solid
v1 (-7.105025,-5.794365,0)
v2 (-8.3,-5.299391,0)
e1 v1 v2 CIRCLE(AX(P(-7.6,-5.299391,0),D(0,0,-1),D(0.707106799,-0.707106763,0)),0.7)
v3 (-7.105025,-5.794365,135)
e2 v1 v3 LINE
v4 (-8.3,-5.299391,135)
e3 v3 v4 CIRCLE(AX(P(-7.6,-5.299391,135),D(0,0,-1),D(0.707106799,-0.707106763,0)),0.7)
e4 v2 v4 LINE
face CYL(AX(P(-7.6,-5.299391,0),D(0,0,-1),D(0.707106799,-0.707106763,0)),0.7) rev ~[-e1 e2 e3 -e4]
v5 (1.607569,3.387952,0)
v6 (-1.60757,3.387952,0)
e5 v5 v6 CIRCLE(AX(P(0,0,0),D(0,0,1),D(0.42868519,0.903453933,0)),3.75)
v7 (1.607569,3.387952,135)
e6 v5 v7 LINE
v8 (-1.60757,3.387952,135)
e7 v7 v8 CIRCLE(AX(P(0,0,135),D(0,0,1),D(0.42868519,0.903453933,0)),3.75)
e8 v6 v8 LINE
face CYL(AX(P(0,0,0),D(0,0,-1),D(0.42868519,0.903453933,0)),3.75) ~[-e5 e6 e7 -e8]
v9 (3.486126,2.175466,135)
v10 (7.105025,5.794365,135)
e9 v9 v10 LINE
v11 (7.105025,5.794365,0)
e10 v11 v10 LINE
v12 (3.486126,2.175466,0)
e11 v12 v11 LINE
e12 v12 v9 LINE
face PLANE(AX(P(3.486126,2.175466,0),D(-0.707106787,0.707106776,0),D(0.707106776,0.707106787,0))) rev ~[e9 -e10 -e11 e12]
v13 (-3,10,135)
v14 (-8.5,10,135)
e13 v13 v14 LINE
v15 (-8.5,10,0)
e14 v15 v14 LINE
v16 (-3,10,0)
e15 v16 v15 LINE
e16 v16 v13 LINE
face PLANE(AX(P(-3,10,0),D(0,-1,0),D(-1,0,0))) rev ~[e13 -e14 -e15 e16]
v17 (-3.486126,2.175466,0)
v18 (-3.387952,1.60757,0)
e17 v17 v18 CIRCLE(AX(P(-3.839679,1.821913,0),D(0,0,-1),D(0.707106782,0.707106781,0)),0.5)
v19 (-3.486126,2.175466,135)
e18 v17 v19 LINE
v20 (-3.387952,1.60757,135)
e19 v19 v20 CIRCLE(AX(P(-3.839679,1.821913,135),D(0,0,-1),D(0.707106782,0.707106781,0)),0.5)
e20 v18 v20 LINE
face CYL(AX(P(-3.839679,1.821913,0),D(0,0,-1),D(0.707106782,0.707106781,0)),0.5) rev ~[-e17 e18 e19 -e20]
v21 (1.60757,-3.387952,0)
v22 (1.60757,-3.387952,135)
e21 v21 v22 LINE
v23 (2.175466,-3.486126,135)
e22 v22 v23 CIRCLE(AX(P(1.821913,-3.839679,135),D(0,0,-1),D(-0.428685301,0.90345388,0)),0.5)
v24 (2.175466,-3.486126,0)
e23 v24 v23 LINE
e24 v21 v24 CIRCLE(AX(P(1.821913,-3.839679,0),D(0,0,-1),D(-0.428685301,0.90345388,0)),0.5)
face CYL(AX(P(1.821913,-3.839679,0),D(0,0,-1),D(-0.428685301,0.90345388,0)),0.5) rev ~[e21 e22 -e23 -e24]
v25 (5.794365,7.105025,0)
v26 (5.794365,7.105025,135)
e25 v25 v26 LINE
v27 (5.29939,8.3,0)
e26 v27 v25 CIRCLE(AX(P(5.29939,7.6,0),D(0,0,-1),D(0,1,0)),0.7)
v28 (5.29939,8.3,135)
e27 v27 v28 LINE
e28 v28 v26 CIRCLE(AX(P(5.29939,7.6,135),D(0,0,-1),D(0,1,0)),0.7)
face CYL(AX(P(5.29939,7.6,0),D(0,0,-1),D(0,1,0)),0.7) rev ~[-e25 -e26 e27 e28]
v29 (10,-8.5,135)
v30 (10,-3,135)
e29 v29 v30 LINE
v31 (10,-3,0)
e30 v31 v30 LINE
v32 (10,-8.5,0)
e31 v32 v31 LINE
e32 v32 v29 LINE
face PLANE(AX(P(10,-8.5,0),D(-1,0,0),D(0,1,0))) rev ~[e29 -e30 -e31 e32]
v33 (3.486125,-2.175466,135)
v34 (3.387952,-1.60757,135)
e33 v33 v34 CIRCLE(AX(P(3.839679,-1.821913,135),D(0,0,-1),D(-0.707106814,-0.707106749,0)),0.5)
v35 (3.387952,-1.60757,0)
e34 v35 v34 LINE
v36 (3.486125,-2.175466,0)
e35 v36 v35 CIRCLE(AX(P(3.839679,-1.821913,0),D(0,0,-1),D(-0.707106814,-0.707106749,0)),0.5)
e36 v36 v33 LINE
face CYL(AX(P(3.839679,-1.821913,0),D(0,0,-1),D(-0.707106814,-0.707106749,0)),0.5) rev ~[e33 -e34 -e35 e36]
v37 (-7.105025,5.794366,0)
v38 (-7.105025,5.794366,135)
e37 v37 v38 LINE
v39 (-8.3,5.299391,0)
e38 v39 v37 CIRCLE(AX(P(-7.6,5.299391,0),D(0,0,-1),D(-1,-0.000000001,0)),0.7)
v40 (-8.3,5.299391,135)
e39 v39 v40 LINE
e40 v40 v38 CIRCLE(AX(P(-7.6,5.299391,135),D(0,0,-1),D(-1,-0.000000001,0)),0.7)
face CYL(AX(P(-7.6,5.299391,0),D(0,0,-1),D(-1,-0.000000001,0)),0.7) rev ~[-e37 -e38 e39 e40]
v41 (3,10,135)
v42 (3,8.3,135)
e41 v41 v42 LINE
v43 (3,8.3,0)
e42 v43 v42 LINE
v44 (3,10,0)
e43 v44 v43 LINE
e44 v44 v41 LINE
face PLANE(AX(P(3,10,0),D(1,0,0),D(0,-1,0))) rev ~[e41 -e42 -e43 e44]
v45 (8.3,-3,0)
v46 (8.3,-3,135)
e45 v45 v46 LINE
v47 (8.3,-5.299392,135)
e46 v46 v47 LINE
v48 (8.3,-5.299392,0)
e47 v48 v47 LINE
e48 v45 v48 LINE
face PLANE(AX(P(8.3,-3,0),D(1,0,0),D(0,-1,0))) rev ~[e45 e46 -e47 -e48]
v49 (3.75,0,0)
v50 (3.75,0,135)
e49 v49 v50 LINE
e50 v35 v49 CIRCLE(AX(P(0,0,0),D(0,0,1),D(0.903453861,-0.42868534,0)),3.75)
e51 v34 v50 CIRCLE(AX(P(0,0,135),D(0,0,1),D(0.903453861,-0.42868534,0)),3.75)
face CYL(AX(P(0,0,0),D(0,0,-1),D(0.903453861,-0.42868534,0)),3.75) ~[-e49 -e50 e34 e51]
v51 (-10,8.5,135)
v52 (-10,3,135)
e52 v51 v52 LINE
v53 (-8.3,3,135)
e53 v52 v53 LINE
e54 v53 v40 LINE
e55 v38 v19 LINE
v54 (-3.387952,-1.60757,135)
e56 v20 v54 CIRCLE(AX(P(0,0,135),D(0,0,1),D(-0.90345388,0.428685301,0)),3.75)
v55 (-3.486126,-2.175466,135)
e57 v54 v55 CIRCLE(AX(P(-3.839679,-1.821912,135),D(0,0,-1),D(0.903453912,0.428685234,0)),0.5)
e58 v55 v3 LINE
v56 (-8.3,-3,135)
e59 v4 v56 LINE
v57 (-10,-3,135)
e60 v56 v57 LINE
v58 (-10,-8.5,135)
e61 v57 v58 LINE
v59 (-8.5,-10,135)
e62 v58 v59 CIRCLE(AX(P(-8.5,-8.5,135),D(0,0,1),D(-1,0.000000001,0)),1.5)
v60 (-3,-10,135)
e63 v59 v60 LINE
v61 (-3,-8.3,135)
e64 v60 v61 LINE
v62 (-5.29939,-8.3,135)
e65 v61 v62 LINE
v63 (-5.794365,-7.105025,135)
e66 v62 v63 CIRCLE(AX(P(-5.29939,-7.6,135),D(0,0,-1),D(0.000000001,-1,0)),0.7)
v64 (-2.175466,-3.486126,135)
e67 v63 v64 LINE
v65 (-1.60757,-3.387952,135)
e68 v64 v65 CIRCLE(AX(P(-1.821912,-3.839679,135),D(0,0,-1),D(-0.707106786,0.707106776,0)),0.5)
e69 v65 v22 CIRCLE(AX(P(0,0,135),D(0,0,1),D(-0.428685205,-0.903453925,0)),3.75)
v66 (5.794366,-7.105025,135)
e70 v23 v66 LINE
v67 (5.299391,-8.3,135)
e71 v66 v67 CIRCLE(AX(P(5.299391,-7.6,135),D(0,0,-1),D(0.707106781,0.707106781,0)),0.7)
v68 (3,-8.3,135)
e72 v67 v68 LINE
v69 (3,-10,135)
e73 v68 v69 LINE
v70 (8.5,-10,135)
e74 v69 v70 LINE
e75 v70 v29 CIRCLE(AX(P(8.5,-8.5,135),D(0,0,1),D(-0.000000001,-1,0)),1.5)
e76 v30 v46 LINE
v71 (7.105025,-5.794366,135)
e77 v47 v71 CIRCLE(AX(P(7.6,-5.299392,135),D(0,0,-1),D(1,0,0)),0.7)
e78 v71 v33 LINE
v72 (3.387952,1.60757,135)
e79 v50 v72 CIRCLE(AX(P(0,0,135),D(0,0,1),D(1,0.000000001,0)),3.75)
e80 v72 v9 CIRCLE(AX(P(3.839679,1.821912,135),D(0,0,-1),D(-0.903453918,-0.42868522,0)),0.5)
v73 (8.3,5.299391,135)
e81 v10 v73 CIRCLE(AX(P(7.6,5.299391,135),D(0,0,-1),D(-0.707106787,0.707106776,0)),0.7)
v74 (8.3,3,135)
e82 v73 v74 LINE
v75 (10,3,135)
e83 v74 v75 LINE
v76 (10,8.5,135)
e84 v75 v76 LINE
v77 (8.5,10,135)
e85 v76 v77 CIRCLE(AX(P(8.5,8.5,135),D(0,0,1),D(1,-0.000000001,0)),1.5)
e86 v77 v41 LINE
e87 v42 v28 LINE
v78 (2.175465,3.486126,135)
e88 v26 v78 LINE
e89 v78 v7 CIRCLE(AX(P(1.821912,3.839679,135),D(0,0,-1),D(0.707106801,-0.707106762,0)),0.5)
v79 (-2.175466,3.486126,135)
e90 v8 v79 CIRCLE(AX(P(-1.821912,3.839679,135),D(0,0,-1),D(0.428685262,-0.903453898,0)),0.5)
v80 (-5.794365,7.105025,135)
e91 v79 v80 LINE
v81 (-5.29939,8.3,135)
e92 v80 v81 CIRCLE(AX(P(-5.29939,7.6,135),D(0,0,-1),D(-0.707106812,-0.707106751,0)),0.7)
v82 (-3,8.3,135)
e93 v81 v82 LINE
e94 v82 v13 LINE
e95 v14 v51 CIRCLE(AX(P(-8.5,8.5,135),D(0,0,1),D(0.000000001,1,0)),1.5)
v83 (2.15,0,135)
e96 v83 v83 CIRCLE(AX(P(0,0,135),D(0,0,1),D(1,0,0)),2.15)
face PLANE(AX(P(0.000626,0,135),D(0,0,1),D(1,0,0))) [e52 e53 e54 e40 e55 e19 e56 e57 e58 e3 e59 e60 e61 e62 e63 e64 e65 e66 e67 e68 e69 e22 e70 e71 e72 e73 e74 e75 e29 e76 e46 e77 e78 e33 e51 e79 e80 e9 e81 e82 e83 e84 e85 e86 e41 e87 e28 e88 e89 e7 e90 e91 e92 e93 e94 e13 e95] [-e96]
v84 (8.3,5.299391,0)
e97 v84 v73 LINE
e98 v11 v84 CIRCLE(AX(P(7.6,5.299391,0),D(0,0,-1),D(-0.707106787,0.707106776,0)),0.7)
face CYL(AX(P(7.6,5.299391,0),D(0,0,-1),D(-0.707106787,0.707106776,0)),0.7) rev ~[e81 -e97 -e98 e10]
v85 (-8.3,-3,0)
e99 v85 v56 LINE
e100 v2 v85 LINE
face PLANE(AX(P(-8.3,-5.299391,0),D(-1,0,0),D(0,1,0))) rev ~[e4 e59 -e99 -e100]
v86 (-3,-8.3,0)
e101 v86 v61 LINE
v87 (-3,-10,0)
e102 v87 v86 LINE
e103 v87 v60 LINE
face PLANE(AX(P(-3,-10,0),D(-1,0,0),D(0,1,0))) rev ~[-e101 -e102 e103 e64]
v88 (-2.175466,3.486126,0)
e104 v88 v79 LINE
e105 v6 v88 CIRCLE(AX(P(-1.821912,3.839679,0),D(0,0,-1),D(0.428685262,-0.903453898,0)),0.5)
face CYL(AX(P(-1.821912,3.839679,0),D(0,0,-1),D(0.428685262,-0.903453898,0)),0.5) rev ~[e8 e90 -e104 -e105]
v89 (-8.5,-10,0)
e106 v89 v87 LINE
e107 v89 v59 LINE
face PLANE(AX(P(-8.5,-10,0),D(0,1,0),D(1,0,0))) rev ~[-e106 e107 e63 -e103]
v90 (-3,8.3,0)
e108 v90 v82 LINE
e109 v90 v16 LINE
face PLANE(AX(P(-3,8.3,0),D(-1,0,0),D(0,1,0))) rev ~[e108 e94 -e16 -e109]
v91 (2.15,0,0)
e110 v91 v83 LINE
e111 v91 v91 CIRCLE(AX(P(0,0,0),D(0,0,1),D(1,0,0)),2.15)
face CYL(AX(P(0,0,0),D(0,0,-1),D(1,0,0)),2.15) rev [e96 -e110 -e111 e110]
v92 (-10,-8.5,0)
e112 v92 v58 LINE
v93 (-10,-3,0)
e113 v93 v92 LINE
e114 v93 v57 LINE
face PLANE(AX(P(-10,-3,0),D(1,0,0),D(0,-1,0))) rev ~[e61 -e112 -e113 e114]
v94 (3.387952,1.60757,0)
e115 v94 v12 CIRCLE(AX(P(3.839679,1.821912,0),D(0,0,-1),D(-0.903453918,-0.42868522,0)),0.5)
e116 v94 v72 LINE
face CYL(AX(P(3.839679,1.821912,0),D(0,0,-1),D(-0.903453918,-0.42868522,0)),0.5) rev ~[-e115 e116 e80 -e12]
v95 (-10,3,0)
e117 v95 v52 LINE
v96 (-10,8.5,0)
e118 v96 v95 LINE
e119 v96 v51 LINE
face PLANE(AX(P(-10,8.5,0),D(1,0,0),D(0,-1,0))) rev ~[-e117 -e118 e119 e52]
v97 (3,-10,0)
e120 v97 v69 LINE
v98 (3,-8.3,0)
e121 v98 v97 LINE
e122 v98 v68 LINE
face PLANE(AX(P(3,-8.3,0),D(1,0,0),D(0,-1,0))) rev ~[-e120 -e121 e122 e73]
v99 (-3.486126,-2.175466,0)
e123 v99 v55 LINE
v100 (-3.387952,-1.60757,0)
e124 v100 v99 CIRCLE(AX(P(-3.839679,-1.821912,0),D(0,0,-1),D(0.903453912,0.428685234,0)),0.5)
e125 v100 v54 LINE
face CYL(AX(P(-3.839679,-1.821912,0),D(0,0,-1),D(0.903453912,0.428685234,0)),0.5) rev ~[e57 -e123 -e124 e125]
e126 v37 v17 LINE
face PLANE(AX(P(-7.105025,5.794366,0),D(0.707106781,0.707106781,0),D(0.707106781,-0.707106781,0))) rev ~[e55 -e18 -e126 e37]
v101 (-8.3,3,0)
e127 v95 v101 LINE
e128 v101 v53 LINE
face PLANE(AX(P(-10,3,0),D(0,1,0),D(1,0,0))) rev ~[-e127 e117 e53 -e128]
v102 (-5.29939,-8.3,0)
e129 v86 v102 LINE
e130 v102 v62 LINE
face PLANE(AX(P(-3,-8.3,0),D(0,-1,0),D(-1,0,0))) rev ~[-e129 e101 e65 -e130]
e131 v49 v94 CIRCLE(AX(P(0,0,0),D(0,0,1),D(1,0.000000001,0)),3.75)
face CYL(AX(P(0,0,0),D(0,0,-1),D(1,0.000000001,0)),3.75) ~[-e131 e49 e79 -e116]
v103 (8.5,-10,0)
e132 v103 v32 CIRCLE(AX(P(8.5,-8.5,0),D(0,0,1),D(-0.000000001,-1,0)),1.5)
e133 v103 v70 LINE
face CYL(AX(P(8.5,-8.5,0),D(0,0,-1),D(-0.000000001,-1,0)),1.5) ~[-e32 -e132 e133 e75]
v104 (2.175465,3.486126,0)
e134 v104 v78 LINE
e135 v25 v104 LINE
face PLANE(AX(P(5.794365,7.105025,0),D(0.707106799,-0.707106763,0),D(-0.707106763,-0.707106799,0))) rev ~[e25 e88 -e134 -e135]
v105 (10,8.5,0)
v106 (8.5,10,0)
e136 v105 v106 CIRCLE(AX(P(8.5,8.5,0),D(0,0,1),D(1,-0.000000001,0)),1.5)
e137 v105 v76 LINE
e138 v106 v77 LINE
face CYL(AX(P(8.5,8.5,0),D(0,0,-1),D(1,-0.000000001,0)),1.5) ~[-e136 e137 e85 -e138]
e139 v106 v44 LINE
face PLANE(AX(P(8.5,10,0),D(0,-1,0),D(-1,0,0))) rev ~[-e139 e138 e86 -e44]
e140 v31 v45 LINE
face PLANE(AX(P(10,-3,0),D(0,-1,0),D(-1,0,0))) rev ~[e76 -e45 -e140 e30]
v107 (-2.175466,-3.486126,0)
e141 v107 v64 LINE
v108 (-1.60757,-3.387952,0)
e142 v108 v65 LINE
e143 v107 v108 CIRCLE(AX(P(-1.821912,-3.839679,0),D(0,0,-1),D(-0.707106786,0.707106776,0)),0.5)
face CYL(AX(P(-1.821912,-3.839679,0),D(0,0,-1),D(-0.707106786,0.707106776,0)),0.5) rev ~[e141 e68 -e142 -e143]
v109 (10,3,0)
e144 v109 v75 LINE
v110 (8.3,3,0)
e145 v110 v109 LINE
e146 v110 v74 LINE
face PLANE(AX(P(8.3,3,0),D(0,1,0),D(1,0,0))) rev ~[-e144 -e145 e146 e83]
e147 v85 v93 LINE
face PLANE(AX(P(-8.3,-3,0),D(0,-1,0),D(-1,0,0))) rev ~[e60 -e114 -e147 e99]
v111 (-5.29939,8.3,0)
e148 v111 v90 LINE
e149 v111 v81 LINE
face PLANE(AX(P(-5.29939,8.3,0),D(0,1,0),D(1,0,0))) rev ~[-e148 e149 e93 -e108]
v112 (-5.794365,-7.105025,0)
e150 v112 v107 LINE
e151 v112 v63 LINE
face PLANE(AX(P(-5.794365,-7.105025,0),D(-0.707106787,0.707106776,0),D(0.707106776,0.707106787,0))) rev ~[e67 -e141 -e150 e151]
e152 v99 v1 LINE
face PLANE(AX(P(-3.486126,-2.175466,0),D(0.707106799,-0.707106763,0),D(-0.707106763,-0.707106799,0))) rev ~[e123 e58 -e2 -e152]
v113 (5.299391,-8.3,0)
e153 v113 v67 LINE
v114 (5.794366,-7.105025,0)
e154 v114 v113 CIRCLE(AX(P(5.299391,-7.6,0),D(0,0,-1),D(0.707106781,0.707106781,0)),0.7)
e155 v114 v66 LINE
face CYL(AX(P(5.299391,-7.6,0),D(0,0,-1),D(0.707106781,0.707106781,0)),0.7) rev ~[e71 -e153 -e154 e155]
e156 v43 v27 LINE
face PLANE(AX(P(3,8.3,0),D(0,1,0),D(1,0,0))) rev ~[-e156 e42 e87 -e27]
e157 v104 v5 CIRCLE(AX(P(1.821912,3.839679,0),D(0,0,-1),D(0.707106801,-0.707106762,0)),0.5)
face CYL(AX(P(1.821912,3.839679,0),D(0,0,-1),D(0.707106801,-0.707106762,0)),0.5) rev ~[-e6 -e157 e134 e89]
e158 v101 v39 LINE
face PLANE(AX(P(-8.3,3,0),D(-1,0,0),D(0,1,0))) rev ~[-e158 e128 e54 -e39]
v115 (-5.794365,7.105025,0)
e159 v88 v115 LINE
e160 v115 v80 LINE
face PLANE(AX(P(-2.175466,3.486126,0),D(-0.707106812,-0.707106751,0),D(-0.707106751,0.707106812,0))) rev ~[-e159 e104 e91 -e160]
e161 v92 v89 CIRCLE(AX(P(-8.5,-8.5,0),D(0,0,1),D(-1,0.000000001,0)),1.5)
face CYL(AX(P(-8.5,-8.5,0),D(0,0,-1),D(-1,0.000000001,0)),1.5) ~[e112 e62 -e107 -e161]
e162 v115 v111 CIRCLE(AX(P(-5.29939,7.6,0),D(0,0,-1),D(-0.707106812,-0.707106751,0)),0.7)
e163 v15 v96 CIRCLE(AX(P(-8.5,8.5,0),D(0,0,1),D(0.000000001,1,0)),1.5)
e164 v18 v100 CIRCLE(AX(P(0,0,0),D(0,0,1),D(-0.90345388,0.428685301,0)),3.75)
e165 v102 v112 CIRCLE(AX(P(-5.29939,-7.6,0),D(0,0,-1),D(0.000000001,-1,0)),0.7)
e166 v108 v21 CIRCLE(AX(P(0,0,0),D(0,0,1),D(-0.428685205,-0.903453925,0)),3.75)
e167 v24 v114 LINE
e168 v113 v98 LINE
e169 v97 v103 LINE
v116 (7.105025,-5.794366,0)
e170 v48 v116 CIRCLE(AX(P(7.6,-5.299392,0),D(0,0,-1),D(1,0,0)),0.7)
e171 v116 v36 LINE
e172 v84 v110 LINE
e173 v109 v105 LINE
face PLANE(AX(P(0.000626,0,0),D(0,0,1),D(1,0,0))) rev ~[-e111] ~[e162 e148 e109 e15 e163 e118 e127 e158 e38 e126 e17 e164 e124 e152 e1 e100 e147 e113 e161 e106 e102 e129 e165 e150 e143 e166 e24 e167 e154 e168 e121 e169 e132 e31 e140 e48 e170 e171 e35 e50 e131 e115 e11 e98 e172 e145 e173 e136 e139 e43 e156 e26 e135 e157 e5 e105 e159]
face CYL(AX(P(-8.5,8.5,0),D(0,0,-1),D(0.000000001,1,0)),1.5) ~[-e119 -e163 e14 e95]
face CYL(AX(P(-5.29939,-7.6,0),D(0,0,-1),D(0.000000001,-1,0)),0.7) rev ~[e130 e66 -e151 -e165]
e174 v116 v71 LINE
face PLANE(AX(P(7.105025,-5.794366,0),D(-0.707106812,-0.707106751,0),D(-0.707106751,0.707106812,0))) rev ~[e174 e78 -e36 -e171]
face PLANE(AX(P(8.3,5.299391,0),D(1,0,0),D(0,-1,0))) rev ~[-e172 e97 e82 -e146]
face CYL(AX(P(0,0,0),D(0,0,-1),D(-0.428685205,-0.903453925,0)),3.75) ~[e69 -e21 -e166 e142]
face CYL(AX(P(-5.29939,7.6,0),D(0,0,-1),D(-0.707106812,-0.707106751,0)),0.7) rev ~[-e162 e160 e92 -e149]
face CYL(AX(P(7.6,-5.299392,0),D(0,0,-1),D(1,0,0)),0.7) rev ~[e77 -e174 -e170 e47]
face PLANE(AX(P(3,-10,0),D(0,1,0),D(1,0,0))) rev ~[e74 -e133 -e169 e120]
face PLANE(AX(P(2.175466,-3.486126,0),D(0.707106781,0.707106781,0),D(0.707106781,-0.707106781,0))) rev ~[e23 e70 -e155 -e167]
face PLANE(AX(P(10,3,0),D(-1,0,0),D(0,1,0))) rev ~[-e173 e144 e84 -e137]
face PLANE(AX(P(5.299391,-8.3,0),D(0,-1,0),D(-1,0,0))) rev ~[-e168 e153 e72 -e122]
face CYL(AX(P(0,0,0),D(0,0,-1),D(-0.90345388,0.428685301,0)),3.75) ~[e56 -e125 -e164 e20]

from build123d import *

# Parameters (mm, degrees)
ESQUISSE1_R        = 2.15
BOSS_EXTRU_1_DEPTH = 135


with BuildPart() as part:
    # Esquisse1 → Boss.-Extru.1 (new body)
    with BuildSketch(Plane.XY):
        with BuildLine():
            Line((-3, 10), (-8.5, 10))
            ThreePointArc((-8.5, 10), (-9.560660172, 9.560660172), (-10, 8.5))
            Line((-10, 8.5), (-10, 3))
            Line((-10, 3), (-8.300000103, 3))
            Line((-8.300000103, 3), (-8.300000103, 5.299391013))
            ThreePointArc((-8.300000103, 5.299391013), (-7.867878523, 5.946106661), (-7.105025403, 5.794365741))
            Line((-7.105025403, 5.794365741), (-3.486125569, 2.175465907))
            ThreePointArc((-3.486125569, 2.175465907), (-3.346986783, 1.907085393), (-3.38795202, 1.607569866))
            ThreePointArc((-3.38795202, 1.607569866), (-3.749999968, 1.37e-07), (-3.387952137, -1.607569618))
            ThreePointArc((-3.387952137, -1.607569618), (-3.346986918, -1.907085124), (-3.486125693, -2.175465617))
            Line((-3.486125693, -2.175465617), (-7.10502539, -5.794365497))
            ThreePointArc((-7.10502539, -5.794365497), (-7.867878514, -5.946106433), (-8.300000103, -5.299390782))
            Line((-8.300000103, -5.299390782), (-8.300000103, -3))
            Line((-8.300000103, -3), (-10, -3))
            Line((-10, -3), (-10, -8.5))
            ThreePointArc((-10, -8.5), (-9.560660172, -9.560660172), (-8.5, -10))
            Line((-8.5, -10), (-3, -10))
            Line((-3, -10), (-3, -8.29999992))
            Line((-3, -8.29999992), (-5.299390173, -8.29999992))
            ThreePointArc((-5.299390173, -8.29999992), (-5.94610582, -7.867878342), (-5.794364905, -7.105025224))
            Line((-5.794364905, -7.105025224), (-2.175465502, -3.486125765))
            ThreePointArc((-2.175465502, -3.486125765), (-1.907085014, -3.346986981), (-1.607569506, -3.38795219))
            ThreePointArc((-1.607569506, -3.38795219), (1.99e-07, -3.749999968), (1.607569866, -3.38795202))
            ThreePointArc((1.607569866, -3.38795202), (1.907085393, -3.346986783), (2.175465907, -3.486125569))
            Line((2.175465907, -3.486125569), (5.794365558, -7.10502522))
            ThreePointArc((5.794365558, -7.10502522), (5.946106478, -7.86787834), (5.29939083, -8.29999992))
            Line((5.29939083, -8.29999992), (3, -8.29999992))
            Line((3, -8.29999992), (3, -10))
            Line((3, -10), (8.499999896, -10))
            ThreePointArc((8.499999896, -10), (9.560660068, -9.560660172), (9.999999896, -8.5))
            Line((9.999999896, -8.5), (9.999999896, -3))
            Line((9.999999896, -3), (8.300000103, -3))
            Line((8.300000103, -3), (8.300000103, -5.299391569))
            ThreePointArc((8.300000103, -5.299391569), (7.867878509, -5.946107222), (7.105025381, -5.794366275))
            Line((7.105025381, -5.794366275), (3.486125475, -2.175466057))
            ThreePointArc((3.486125475, -2.175466057), (3.346986701, -1.907085538), (3.38795195, -1.607570012))
            ThreePointArc((3.38795195, -1.607570012), (3.658368452, -0.823917488), (3.749999968, 0))
            ThreePointArc((3.749999968, 0), (3.658368507, 0.823917244), (3.387952165, 1.607569559))
            ThreePointArc((3.387952165, 1.607569559), (3.346986951, 1.907085066), (3.486125731, 2.175465556))
            Line((3.486125731, 2.175465556), (7.105025399, 5.79436528))
            ThreePointArc((7.105025399, 5.79436528), (7.86787852, 5.946106205), (8.300000103, 5.299390557))
            Line((8.300000103, 5.299390557), (8.300000103, 3))
            Line((8.300000103, 3), (9.999999896, 3))
            Line((9.999999896, 3), (9.999999896, 8.5))
            ThreePointArc((9.999999896, 8.5), (9.560660068, 9.560660172), (8.499999896, 10))
            Line((8.499999896, 10), (3.499999896, 10))
            Line((3.499999896, 10), (3, 10))
            Line((3, 10), (3, 8.29999992))
            Line((3, 8.29999992), (5.299389948, 8.29999992))
            ThreePointArc((5.299389948, 8.29999992), (5.946105592, 7.867878348), (5.794364688, 7.105025232))
            Line((5.794364688, 7.105025232), (2.175465441, 3.486125803))
            ThreePointArc((2.175465441, 3.486125803), (1.907084956, 3.346987014), (1.607569447, 3.387952218))
            ThreePointArc((1.607569447, 3.387952218), (-1.51e-07, 3.749999968), (-1.60756972, 3.387952089))
            ThreePointArc((-1.60756972, 3.387952089), (-1.907085249, 3.346986865), (-2.175465757, 3.486125663))
            Line((-2.175465757, 3.486125663), (-5.794365024, 7.105025241))
            ThreePointArc((-5.794365024, 7.105025241), (-5.946105917, 7.867878353), (-5.299390275, 8.29999992))
            Line((-5.299390275, 8.29999992), (-3, 8.29999992))
            Line((-3, 8.29999992), (-3, 10))
        make_face()
        Circle(ESQUISSE1_R, mode=Mode.SUBTRACT)
    extrude(amount=BOSS_EXTRU_1_DEPTH)


solid = part.part
